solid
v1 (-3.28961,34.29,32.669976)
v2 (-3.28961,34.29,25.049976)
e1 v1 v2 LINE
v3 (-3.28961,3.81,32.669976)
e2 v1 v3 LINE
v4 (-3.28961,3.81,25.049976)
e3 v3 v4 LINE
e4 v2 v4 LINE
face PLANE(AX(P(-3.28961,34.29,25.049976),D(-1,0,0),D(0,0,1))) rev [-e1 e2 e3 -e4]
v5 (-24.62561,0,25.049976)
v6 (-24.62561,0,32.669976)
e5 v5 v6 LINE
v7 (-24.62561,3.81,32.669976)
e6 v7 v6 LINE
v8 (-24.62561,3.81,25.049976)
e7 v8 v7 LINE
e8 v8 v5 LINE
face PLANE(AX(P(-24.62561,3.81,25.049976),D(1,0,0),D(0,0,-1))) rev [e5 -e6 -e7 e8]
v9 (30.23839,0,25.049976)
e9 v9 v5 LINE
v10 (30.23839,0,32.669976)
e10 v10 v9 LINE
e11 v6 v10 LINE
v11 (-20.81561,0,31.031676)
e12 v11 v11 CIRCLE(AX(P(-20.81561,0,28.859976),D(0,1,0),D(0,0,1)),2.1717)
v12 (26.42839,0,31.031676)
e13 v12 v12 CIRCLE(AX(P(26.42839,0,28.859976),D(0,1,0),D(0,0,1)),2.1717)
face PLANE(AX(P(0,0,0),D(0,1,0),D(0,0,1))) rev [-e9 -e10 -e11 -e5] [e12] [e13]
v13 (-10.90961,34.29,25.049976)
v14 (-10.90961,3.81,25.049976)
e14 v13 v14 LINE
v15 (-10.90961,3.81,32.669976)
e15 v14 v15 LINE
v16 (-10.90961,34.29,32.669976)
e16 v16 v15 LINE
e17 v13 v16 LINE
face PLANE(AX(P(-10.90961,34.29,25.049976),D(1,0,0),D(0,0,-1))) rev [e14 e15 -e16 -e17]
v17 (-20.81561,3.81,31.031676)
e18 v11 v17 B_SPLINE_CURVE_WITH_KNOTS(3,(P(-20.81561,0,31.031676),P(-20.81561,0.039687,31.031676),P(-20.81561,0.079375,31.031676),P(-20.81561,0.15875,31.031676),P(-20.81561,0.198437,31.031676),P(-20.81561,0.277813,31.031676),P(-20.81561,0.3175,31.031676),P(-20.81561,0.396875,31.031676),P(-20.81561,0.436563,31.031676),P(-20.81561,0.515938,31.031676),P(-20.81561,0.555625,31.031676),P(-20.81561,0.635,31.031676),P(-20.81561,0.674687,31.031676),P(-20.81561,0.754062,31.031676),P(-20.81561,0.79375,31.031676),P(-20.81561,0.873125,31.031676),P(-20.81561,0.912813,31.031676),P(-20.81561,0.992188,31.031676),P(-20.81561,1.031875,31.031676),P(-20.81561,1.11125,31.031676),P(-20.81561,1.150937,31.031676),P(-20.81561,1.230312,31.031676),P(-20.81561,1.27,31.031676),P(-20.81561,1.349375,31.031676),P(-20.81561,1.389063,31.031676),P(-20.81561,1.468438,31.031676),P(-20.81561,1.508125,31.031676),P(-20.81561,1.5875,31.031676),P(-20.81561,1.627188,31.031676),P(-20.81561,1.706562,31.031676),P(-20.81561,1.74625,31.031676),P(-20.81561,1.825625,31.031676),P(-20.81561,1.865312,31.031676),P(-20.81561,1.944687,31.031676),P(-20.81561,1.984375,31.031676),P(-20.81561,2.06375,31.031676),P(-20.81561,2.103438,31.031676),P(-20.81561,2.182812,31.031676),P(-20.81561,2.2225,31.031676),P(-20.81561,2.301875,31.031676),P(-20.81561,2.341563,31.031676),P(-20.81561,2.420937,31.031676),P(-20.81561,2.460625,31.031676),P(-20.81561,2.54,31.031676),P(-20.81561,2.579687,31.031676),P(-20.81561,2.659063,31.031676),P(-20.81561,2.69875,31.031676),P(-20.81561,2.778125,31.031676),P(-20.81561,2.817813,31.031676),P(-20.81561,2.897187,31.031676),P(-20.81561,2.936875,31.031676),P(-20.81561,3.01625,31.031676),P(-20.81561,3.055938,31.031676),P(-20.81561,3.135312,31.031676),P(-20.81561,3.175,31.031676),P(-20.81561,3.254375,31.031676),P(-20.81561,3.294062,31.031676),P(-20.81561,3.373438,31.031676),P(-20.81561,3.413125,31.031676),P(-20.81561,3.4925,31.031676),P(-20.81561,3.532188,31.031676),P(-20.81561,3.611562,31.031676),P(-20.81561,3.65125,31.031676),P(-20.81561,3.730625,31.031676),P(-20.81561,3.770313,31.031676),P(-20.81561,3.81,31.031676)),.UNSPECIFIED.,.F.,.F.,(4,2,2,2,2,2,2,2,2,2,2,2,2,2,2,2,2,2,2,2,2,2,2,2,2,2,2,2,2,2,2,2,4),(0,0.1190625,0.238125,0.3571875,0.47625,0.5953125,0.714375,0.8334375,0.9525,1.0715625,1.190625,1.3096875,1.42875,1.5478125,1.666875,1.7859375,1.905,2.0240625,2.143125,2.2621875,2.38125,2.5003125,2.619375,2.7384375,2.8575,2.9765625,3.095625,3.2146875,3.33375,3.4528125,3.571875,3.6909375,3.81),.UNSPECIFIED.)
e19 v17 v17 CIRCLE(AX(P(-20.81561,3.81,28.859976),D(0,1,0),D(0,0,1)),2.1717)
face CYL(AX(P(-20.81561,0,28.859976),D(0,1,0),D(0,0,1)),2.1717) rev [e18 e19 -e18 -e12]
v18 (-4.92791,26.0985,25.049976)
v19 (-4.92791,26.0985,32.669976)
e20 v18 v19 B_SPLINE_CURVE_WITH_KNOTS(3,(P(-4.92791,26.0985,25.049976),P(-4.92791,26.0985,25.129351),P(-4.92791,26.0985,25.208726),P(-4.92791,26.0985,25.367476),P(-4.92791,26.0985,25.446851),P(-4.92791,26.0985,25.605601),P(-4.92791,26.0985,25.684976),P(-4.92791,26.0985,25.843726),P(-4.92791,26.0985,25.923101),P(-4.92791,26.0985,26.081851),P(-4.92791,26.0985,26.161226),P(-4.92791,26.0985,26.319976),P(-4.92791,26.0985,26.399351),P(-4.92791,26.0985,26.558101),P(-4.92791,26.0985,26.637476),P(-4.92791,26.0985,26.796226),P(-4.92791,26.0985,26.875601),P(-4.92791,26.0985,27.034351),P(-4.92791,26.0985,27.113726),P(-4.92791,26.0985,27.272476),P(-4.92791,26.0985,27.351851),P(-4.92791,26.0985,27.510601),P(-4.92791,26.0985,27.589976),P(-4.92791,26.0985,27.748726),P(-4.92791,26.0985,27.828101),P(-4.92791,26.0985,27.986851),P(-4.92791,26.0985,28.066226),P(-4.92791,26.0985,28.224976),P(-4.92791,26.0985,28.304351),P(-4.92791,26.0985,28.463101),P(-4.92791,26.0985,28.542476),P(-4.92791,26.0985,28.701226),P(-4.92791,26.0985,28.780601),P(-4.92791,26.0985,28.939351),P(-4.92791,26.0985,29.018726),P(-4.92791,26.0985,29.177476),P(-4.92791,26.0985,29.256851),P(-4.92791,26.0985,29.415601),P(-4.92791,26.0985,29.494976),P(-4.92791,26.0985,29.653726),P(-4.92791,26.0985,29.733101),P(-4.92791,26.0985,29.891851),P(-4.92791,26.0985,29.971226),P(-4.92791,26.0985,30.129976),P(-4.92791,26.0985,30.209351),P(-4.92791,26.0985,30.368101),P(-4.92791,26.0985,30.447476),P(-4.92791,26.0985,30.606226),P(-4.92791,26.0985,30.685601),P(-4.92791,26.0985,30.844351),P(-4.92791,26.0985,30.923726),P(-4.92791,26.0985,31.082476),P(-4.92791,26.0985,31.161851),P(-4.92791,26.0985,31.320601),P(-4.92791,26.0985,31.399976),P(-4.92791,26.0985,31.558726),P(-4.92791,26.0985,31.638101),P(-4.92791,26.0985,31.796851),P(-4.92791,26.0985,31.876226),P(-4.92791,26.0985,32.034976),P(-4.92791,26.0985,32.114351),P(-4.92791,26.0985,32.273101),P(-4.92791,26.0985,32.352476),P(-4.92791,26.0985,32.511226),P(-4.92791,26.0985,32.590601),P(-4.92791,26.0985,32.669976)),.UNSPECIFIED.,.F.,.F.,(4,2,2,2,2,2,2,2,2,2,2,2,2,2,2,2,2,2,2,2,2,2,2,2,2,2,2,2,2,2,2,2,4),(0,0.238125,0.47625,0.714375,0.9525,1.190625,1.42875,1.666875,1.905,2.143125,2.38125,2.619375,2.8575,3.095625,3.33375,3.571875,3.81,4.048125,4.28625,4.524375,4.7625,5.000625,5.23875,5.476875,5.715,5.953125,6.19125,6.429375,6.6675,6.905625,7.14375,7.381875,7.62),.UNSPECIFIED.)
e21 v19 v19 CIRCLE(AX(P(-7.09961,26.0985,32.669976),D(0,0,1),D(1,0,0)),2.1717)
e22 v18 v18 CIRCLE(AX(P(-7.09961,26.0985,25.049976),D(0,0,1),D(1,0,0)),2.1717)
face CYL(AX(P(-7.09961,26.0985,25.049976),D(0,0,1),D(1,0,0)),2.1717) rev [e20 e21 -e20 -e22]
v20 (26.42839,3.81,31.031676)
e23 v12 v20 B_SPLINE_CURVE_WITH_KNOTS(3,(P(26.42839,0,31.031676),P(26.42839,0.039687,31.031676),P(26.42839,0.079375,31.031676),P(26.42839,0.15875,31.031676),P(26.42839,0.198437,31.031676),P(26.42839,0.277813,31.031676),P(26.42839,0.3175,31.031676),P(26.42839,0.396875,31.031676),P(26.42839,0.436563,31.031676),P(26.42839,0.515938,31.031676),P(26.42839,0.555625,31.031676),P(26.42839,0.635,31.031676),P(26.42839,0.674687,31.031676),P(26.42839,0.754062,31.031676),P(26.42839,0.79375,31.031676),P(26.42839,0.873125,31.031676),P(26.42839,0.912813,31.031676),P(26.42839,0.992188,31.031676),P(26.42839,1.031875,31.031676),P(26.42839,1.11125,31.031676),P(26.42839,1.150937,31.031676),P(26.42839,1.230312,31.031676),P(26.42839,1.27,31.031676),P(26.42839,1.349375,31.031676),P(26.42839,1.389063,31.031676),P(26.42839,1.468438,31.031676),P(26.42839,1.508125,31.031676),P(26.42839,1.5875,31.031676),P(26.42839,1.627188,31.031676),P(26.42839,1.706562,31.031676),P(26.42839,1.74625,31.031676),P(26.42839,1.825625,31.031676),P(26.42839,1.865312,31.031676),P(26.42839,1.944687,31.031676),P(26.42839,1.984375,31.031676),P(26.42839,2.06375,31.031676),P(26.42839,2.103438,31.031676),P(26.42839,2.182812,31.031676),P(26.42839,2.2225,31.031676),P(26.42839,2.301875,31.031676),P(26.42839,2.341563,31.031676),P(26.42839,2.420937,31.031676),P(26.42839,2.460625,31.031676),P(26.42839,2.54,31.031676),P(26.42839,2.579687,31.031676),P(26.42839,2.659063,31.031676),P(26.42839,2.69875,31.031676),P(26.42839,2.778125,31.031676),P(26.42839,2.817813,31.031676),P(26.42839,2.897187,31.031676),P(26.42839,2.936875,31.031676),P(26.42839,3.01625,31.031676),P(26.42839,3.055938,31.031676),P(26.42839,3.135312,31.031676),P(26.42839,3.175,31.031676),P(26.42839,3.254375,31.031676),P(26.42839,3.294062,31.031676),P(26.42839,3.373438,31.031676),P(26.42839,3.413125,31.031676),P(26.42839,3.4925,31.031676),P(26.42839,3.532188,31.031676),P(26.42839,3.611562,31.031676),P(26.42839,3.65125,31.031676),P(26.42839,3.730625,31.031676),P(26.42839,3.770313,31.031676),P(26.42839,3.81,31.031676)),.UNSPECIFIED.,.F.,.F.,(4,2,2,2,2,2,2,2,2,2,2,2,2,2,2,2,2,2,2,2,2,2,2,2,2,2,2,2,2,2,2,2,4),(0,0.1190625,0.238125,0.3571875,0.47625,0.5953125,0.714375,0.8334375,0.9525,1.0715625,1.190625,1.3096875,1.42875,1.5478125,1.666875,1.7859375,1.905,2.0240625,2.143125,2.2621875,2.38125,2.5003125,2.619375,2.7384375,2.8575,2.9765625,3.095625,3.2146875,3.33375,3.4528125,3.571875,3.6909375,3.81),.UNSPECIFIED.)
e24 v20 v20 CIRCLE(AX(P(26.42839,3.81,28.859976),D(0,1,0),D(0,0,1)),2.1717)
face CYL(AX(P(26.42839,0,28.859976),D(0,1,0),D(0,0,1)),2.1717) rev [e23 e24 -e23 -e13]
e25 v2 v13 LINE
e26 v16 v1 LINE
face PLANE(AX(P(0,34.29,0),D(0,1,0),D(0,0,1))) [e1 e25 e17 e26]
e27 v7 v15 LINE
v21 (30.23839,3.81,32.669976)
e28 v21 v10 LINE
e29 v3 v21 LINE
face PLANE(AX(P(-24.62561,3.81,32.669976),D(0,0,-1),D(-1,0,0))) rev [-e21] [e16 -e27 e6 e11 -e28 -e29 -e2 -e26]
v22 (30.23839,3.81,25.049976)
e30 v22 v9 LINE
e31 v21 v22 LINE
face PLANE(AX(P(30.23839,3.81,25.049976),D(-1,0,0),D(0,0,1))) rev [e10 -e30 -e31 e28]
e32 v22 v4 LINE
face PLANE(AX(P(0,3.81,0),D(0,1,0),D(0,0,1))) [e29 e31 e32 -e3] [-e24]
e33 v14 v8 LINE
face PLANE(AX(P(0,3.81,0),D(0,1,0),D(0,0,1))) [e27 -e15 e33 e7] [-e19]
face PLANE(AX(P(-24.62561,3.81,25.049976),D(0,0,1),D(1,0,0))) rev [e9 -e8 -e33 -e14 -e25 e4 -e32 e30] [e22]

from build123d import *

# Parameters (mm, degrees)
SKETCH1_W           = 54.864
SKETCH1_H           = 7.62
BOSS_EXTRUDE1_DEPTH = 3.81
SKETCH2_R           = 2.1717
CUT_EXTRUDE2_DEPTH  = 3.81
SKETCH5_W           = 7.62
SKETCH5_H           = 7.62
BOSS_EXTRUDE2_DEPTH = 30.48
SKETCH6_R           = 2.1717
CUT_EXTRUDE3_DEPTH  = 7.62


with BuildPart() as part:
    # Sketch1 → Boss-Extrude1 (new body)
    with BuildSketch(Plane(origin=(0, 0, 0), x_dir=(1, 0, 0), z_dir=(0, 1, 0))):
        with Locations((2.806390244, -28.85997561)):
            Rectangle(SKETCH1_W, SKETCH1_H)
    extrude(amount=BOSS_EXTRUDE1_DEPTH)

    # Sketch2 → Cut-Extrude2 (cut)
    with BuildSketch(Plane(origin=(0, 3.81, 0), x_dir=(1, 0, 0), z_dir=(0, 1, 0))):
        with Locations(Location((-20.815609756, -28.85997561, 0), (0, 0, 270))):
            Circle(SKETCH2_R)
        with Locations(Location((26.428390244, -28.85997561, 0), (0, 0, 270))):
            Circle(SKETCH2_R)
    extrude(amount=-CUT_EXTRUDE2_DEPTH, mode=Mode.SUBTRACT)

    # Sketch5 → Boss-Extrude2 (add)
    with BuildSketch(Plane(origin=(0, 3.81, 0), x_dir=(1, 0, 0), z_dir=(0, 1, 0))):
        with Locations((-7.099609756, -28.85997561)):
            Rectangle(SKETCH5_W, SKETCH5_H)
    extrude(amount=BOSS_EXTRUDE2_DEPTH)

    # Sketch6 → Cut-Extrude3 (cut)
    with BuildSketch(Plane.XY.offset(32.66997561)):
        with Locations((-7.099609756, 26.0985)):
            Circle(SKETCH6_R)
    extrude(amount=-CUT_EXTRUDE3_DEPTH, mode=Mode.SUBTRACT)


solid = part.part
